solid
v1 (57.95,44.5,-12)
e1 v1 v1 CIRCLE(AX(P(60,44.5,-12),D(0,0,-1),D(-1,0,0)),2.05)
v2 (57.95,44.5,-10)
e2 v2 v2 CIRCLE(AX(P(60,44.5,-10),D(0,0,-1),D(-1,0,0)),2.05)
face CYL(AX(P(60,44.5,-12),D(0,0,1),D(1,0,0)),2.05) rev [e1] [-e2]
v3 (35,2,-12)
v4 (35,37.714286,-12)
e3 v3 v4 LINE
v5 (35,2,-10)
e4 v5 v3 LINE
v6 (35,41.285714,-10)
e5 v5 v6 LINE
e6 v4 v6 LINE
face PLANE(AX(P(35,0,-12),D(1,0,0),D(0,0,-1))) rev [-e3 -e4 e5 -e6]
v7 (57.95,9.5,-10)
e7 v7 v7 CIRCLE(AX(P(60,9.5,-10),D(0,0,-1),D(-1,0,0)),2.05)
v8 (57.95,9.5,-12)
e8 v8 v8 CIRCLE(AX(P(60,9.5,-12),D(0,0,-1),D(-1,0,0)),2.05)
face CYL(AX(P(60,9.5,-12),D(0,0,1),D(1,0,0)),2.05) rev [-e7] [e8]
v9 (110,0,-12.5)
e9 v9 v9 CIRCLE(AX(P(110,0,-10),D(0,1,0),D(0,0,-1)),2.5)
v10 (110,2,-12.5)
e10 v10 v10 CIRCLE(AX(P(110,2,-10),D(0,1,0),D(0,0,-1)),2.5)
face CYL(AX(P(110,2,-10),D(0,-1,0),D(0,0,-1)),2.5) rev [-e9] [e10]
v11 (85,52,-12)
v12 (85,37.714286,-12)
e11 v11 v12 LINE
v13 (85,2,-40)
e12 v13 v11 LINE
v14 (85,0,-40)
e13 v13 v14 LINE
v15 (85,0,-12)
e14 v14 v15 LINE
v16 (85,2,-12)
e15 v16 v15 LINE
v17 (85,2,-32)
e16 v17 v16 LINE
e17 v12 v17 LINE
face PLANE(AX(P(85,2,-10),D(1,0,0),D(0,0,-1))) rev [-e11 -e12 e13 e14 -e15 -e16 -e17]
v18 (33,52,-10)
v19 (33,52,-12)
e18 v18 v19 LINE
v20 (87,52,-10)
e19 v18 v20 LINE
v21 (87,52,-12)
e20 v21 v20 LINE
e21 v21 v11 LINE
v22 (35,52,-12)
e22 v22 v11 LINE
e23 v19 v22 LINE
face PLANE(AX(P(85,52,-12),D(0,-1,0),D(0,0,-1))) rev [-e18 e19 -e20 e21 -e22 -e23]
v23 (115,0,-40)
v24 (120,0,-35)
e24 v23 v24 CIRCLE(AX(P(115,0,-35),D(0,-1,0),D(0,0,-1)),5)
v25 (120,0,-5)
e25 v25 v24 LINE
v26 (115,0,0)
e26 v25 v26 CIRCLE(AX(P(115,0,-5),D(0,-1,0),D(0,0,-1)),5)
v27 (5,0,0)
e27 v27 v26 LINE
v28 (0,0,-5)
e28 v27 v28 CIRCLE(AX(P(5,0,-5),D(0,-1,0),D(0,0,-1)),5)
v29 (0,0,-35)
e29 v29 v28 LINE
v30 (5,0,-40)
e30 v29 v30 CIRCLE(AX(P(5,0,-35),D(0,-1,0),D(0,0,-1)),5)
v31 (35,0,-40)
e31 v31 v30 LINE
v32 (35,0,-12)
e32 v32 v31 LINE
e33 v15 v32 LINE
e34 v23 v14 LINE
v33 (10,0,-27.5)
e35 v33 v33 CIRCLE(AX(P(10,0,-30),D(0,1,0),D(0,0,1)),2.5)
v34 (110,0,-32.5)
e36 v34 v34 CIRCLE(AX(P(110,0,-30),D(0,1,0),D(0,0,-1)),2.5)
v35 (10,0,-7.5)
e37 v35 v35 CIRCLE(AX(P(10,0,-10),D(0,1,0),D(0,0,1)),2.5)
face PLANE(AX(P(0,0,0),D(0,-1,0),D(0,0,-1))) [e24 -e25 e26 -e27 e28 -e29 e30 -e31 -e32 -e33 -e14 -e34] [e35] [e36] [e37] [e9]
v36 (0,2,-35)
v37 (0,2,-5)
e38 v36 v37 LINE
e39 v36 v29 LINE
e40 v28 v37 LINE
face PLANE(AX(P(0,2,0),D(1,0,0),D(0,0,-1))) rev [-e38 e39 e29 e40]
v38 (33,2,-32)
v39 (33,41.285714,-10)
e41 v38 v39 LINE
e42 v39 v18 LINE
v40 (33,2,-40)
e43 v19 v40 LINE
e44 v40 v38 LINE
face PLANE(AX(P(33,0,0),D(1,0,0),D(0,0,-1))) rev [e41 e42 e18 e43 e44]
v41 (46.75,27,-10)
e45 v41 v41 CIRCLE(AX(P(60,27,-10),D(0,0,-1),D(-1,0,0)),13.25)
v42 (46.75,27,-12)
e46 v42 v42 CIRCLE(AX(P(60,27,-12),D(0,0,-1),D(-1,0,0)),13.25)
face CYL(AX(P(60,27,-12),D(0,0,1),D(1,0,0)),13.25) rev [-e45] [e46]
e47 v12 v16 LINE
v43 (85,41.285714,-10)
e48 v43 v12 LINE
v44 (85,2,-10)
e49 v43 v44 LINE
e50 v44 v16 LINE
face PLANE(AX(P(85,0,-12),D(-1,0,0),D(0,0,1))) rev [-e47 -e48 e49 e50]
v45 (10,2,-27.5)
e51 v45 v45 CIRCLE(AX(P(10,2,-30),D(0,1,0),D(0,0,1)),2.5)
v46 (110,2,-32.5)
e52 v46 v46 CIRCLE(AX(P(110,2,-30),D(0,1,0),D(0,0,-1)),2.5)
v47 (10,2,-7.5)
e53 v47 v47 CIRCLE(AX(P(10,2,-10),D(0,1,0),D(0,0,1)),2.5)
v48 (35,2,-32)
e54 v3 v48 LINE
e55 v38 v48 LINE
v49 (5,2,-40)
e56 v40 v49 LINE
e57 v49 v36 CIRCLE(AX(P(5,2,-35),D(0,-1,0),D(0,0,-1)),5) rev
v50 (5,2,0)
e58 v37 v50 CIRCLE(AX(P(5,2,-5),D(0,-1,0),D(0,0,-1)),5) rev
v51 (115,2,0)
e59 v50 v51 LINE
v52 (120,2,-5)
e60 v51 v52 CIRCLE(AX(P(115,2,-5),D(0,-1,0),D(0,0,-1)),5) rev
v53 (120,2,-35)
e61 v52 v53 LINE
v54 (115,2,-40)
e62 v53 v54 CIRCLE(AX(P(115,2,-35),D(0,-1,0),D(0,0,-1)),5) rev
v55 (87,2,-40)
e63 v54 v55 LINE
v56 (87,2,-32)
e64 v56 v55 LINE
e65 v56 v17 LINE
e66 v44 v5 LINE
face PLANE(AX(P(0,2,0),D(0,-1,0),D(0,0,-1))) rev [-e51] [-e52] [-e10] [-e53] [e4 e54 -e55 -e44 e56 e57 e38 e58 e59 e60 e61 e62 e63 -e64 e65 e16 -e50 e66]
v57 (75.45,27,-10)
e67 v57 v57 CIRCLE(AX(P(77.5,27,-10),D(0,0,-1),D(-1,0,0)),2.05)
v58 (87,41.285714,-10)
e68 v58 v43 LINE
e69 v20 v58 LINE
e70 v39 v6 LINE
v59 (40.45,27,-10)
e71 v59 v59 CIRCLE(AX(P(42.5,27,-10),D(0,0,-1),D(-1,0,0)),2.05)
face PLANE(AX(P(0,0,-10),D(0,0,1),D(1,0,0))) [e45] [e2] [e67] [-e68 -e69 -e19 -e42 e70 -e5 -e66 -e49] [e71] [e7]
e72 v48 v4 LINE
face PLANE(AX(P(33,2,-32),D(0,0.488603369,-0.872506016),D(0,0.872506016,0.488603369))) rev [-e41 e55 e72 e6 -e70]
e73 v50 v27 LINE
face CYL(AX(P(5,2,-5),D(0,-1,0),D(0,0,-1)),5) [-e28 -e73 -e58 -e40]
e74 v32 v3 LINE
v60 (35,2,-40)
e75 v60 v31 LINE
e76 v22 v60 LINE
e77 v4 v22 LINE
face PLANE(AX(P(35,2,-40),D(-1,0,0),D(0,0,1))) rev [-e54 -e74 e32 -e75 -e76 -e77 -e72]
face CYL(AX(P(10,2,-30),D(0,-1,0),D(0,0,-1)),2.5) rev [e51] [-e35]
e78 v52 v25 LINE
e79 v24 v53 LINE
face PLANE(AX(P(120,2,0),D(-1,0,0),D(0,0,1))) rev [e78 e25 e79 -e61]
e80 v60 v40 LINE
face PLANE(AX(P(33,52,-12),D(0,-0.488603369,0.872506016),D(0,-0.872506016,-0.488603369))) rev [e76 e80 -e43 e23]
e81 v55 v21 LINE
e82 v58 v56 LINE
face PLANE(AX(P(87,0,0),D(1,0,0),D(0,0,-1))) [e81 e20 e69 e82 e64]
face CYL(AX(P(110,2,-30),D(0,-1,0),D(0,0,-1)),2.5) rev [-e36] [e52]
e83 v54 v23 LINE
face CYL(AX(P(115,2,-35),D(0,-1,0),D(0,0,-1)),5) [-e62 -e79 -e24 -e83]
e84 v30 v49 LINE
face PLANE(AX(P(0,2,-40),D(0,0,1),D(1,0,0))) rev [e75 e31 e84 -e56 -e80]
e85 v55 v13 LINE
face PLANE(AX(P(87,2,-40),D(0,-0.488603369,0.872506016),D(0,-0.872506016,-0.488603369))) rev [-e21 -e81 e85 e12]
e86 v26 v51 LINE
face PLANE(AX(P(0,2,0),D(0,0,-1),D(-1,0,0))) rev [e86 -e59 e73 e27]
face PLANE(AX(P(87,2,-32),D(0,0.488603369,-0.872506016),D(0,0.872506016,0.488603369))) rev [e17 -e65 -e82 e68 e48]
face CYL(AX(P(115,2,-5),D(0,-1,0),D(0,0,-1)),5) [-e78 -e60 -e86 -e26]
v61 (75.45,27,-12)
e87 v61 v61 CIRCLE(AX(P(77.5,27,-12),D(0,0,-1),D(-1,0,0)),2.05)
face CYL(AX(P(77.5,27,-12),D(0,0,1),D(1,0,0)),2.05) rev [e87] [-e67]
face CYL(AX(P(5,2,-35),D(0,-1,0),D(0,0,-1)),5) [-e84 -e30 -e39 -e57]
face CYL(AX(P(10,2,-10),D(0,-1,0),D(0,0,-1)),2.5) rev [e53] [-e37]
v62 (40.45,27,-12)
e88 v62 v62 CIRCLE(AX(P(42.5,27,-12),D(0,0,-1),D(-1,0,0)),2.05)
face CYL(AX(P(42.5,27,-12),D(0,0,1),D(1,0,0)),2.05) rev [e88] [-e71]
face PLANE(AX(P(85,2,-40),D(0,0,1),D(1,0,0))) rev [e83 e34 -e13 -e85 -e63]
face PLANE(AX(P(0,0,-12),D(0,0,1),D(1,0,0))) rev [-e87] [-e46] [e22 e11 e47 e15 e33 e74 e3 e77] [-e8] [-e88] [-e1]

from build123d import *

# Parameters (mm, degrees)
SKETCH1_R           = 2.5
BOSS_EXTRUDE1_DEPTH = 2
SKETCH2_W           = 50
SKETCH2_H           = 52
SKETCH2_R           = 13.25
SKETCH2_R_2         = 2.05
BOSS_EXTRUDE2_DEPTH = 2
BOSS_EXTRUDE3_DEPTH = 2
BOSS_EXTRUDE4_DEPTH = 2
FILLET1_R           = 5


with BuildPart() as part:
    # Sketch1 → Boss-Extrude1 (new body)
    with BuildSketch(Plane(origin=(0, 0, 0), x_dir=(1, 0, 0), z_dir=(0, 1, 0))):
        Polygon((35, 40), (35, 10), (85, 10), (85, 40), (120, 40), (120, 0), (0, 0), (0, 40), align=None)
        with Locations(Location((10, 30, 0), (0, 0, 270))):
            Circle(SKETCH1_R, mode=Mode.SUBTRACT)
        with Locations(Location((10, 10, 0), (0, 0, 270))):
            Circle(SKETCH1_R, mode=Mode.SUBTRACT)
        with Locations(Location((110, 10, 0), (0, 0, 90))):
            Circle(SKETCH1_R, mode=Mode.SUBTRACT)
        with Locations(Location((110, 30, 0), (0, 0, 90))):
            Circle(SKETCH1_R, mode=Mode.SUBTRACT)
    extrude(amount=BOSS_EXTRUDE1_DEPTH)

    # Sketch2 → Boss-Extrude2 (add)
    with BuildSketch(Plane(origin=(0, 0, -10), x_dir=(-1, 0, 0), z_dir=(0, 0, -1))):
        with Locations((-60, 26)):
            Rectangle(SKETCH2_W, SKETCH2_H)
        with Locations((-60, 27)):
            Circle(SKETCH2_R, mode=Mode.SUBTRACT)
        with Locations((-60, 44.5)):
            Circle(SKETCH2_R_2, mode=Mode.SUBTRACT)
        with Locations((-42.5, 27)):
            Circle(SKETCH2_R_2, mode=Mode.SUBTRACT)
        with Locations((-60, 9.5)):
            Circle(SKETCH2_R_2, mode=Mode.SUBTRACT)
        with Locations((-77.5, 27)):
            Circle(SKETCH2_R_2, mode=Mode.SUBTRACT)
    extrude(amount=BOSS_EXTRUDE2_DEPTH)

    # Sketch3 → Boss-Extrude3 (add)
    with BuildSketch(Plane.ZY.offset(-35)):
        Polygon((-12, 52), (-40, 2), (-32, 2), (-10, 41.285714286), (-10, 52), align=None)
    extrude(amount=BOSS_EXTRUDE3_DEPTH)

    # Sketch4 → Boss-Extrude4 (add)
    with BuildSketch(Plane(origin=(85, 0, 0), x_dir=(0, 0, -1), z_dir=(1, 0, 0))):
        Polygon((10, 52), (10, 41.285714286), (32, 2), (40, 2), (12, 52), align=None)
    extrude(amount=BOSS_EXTRUDE4_DEPTH)

    # Fillet1
    fillet1_edges = [part.edges().sort_by_distance(p)[0] for p in [
        (0, 1, -40),
        (120, 1, -40),
        (120, 1, 0),
        (0, 1, 0),
    ]]
    fillet(fillet1_edges, radius=FILLET1_R)


solid = part.part
